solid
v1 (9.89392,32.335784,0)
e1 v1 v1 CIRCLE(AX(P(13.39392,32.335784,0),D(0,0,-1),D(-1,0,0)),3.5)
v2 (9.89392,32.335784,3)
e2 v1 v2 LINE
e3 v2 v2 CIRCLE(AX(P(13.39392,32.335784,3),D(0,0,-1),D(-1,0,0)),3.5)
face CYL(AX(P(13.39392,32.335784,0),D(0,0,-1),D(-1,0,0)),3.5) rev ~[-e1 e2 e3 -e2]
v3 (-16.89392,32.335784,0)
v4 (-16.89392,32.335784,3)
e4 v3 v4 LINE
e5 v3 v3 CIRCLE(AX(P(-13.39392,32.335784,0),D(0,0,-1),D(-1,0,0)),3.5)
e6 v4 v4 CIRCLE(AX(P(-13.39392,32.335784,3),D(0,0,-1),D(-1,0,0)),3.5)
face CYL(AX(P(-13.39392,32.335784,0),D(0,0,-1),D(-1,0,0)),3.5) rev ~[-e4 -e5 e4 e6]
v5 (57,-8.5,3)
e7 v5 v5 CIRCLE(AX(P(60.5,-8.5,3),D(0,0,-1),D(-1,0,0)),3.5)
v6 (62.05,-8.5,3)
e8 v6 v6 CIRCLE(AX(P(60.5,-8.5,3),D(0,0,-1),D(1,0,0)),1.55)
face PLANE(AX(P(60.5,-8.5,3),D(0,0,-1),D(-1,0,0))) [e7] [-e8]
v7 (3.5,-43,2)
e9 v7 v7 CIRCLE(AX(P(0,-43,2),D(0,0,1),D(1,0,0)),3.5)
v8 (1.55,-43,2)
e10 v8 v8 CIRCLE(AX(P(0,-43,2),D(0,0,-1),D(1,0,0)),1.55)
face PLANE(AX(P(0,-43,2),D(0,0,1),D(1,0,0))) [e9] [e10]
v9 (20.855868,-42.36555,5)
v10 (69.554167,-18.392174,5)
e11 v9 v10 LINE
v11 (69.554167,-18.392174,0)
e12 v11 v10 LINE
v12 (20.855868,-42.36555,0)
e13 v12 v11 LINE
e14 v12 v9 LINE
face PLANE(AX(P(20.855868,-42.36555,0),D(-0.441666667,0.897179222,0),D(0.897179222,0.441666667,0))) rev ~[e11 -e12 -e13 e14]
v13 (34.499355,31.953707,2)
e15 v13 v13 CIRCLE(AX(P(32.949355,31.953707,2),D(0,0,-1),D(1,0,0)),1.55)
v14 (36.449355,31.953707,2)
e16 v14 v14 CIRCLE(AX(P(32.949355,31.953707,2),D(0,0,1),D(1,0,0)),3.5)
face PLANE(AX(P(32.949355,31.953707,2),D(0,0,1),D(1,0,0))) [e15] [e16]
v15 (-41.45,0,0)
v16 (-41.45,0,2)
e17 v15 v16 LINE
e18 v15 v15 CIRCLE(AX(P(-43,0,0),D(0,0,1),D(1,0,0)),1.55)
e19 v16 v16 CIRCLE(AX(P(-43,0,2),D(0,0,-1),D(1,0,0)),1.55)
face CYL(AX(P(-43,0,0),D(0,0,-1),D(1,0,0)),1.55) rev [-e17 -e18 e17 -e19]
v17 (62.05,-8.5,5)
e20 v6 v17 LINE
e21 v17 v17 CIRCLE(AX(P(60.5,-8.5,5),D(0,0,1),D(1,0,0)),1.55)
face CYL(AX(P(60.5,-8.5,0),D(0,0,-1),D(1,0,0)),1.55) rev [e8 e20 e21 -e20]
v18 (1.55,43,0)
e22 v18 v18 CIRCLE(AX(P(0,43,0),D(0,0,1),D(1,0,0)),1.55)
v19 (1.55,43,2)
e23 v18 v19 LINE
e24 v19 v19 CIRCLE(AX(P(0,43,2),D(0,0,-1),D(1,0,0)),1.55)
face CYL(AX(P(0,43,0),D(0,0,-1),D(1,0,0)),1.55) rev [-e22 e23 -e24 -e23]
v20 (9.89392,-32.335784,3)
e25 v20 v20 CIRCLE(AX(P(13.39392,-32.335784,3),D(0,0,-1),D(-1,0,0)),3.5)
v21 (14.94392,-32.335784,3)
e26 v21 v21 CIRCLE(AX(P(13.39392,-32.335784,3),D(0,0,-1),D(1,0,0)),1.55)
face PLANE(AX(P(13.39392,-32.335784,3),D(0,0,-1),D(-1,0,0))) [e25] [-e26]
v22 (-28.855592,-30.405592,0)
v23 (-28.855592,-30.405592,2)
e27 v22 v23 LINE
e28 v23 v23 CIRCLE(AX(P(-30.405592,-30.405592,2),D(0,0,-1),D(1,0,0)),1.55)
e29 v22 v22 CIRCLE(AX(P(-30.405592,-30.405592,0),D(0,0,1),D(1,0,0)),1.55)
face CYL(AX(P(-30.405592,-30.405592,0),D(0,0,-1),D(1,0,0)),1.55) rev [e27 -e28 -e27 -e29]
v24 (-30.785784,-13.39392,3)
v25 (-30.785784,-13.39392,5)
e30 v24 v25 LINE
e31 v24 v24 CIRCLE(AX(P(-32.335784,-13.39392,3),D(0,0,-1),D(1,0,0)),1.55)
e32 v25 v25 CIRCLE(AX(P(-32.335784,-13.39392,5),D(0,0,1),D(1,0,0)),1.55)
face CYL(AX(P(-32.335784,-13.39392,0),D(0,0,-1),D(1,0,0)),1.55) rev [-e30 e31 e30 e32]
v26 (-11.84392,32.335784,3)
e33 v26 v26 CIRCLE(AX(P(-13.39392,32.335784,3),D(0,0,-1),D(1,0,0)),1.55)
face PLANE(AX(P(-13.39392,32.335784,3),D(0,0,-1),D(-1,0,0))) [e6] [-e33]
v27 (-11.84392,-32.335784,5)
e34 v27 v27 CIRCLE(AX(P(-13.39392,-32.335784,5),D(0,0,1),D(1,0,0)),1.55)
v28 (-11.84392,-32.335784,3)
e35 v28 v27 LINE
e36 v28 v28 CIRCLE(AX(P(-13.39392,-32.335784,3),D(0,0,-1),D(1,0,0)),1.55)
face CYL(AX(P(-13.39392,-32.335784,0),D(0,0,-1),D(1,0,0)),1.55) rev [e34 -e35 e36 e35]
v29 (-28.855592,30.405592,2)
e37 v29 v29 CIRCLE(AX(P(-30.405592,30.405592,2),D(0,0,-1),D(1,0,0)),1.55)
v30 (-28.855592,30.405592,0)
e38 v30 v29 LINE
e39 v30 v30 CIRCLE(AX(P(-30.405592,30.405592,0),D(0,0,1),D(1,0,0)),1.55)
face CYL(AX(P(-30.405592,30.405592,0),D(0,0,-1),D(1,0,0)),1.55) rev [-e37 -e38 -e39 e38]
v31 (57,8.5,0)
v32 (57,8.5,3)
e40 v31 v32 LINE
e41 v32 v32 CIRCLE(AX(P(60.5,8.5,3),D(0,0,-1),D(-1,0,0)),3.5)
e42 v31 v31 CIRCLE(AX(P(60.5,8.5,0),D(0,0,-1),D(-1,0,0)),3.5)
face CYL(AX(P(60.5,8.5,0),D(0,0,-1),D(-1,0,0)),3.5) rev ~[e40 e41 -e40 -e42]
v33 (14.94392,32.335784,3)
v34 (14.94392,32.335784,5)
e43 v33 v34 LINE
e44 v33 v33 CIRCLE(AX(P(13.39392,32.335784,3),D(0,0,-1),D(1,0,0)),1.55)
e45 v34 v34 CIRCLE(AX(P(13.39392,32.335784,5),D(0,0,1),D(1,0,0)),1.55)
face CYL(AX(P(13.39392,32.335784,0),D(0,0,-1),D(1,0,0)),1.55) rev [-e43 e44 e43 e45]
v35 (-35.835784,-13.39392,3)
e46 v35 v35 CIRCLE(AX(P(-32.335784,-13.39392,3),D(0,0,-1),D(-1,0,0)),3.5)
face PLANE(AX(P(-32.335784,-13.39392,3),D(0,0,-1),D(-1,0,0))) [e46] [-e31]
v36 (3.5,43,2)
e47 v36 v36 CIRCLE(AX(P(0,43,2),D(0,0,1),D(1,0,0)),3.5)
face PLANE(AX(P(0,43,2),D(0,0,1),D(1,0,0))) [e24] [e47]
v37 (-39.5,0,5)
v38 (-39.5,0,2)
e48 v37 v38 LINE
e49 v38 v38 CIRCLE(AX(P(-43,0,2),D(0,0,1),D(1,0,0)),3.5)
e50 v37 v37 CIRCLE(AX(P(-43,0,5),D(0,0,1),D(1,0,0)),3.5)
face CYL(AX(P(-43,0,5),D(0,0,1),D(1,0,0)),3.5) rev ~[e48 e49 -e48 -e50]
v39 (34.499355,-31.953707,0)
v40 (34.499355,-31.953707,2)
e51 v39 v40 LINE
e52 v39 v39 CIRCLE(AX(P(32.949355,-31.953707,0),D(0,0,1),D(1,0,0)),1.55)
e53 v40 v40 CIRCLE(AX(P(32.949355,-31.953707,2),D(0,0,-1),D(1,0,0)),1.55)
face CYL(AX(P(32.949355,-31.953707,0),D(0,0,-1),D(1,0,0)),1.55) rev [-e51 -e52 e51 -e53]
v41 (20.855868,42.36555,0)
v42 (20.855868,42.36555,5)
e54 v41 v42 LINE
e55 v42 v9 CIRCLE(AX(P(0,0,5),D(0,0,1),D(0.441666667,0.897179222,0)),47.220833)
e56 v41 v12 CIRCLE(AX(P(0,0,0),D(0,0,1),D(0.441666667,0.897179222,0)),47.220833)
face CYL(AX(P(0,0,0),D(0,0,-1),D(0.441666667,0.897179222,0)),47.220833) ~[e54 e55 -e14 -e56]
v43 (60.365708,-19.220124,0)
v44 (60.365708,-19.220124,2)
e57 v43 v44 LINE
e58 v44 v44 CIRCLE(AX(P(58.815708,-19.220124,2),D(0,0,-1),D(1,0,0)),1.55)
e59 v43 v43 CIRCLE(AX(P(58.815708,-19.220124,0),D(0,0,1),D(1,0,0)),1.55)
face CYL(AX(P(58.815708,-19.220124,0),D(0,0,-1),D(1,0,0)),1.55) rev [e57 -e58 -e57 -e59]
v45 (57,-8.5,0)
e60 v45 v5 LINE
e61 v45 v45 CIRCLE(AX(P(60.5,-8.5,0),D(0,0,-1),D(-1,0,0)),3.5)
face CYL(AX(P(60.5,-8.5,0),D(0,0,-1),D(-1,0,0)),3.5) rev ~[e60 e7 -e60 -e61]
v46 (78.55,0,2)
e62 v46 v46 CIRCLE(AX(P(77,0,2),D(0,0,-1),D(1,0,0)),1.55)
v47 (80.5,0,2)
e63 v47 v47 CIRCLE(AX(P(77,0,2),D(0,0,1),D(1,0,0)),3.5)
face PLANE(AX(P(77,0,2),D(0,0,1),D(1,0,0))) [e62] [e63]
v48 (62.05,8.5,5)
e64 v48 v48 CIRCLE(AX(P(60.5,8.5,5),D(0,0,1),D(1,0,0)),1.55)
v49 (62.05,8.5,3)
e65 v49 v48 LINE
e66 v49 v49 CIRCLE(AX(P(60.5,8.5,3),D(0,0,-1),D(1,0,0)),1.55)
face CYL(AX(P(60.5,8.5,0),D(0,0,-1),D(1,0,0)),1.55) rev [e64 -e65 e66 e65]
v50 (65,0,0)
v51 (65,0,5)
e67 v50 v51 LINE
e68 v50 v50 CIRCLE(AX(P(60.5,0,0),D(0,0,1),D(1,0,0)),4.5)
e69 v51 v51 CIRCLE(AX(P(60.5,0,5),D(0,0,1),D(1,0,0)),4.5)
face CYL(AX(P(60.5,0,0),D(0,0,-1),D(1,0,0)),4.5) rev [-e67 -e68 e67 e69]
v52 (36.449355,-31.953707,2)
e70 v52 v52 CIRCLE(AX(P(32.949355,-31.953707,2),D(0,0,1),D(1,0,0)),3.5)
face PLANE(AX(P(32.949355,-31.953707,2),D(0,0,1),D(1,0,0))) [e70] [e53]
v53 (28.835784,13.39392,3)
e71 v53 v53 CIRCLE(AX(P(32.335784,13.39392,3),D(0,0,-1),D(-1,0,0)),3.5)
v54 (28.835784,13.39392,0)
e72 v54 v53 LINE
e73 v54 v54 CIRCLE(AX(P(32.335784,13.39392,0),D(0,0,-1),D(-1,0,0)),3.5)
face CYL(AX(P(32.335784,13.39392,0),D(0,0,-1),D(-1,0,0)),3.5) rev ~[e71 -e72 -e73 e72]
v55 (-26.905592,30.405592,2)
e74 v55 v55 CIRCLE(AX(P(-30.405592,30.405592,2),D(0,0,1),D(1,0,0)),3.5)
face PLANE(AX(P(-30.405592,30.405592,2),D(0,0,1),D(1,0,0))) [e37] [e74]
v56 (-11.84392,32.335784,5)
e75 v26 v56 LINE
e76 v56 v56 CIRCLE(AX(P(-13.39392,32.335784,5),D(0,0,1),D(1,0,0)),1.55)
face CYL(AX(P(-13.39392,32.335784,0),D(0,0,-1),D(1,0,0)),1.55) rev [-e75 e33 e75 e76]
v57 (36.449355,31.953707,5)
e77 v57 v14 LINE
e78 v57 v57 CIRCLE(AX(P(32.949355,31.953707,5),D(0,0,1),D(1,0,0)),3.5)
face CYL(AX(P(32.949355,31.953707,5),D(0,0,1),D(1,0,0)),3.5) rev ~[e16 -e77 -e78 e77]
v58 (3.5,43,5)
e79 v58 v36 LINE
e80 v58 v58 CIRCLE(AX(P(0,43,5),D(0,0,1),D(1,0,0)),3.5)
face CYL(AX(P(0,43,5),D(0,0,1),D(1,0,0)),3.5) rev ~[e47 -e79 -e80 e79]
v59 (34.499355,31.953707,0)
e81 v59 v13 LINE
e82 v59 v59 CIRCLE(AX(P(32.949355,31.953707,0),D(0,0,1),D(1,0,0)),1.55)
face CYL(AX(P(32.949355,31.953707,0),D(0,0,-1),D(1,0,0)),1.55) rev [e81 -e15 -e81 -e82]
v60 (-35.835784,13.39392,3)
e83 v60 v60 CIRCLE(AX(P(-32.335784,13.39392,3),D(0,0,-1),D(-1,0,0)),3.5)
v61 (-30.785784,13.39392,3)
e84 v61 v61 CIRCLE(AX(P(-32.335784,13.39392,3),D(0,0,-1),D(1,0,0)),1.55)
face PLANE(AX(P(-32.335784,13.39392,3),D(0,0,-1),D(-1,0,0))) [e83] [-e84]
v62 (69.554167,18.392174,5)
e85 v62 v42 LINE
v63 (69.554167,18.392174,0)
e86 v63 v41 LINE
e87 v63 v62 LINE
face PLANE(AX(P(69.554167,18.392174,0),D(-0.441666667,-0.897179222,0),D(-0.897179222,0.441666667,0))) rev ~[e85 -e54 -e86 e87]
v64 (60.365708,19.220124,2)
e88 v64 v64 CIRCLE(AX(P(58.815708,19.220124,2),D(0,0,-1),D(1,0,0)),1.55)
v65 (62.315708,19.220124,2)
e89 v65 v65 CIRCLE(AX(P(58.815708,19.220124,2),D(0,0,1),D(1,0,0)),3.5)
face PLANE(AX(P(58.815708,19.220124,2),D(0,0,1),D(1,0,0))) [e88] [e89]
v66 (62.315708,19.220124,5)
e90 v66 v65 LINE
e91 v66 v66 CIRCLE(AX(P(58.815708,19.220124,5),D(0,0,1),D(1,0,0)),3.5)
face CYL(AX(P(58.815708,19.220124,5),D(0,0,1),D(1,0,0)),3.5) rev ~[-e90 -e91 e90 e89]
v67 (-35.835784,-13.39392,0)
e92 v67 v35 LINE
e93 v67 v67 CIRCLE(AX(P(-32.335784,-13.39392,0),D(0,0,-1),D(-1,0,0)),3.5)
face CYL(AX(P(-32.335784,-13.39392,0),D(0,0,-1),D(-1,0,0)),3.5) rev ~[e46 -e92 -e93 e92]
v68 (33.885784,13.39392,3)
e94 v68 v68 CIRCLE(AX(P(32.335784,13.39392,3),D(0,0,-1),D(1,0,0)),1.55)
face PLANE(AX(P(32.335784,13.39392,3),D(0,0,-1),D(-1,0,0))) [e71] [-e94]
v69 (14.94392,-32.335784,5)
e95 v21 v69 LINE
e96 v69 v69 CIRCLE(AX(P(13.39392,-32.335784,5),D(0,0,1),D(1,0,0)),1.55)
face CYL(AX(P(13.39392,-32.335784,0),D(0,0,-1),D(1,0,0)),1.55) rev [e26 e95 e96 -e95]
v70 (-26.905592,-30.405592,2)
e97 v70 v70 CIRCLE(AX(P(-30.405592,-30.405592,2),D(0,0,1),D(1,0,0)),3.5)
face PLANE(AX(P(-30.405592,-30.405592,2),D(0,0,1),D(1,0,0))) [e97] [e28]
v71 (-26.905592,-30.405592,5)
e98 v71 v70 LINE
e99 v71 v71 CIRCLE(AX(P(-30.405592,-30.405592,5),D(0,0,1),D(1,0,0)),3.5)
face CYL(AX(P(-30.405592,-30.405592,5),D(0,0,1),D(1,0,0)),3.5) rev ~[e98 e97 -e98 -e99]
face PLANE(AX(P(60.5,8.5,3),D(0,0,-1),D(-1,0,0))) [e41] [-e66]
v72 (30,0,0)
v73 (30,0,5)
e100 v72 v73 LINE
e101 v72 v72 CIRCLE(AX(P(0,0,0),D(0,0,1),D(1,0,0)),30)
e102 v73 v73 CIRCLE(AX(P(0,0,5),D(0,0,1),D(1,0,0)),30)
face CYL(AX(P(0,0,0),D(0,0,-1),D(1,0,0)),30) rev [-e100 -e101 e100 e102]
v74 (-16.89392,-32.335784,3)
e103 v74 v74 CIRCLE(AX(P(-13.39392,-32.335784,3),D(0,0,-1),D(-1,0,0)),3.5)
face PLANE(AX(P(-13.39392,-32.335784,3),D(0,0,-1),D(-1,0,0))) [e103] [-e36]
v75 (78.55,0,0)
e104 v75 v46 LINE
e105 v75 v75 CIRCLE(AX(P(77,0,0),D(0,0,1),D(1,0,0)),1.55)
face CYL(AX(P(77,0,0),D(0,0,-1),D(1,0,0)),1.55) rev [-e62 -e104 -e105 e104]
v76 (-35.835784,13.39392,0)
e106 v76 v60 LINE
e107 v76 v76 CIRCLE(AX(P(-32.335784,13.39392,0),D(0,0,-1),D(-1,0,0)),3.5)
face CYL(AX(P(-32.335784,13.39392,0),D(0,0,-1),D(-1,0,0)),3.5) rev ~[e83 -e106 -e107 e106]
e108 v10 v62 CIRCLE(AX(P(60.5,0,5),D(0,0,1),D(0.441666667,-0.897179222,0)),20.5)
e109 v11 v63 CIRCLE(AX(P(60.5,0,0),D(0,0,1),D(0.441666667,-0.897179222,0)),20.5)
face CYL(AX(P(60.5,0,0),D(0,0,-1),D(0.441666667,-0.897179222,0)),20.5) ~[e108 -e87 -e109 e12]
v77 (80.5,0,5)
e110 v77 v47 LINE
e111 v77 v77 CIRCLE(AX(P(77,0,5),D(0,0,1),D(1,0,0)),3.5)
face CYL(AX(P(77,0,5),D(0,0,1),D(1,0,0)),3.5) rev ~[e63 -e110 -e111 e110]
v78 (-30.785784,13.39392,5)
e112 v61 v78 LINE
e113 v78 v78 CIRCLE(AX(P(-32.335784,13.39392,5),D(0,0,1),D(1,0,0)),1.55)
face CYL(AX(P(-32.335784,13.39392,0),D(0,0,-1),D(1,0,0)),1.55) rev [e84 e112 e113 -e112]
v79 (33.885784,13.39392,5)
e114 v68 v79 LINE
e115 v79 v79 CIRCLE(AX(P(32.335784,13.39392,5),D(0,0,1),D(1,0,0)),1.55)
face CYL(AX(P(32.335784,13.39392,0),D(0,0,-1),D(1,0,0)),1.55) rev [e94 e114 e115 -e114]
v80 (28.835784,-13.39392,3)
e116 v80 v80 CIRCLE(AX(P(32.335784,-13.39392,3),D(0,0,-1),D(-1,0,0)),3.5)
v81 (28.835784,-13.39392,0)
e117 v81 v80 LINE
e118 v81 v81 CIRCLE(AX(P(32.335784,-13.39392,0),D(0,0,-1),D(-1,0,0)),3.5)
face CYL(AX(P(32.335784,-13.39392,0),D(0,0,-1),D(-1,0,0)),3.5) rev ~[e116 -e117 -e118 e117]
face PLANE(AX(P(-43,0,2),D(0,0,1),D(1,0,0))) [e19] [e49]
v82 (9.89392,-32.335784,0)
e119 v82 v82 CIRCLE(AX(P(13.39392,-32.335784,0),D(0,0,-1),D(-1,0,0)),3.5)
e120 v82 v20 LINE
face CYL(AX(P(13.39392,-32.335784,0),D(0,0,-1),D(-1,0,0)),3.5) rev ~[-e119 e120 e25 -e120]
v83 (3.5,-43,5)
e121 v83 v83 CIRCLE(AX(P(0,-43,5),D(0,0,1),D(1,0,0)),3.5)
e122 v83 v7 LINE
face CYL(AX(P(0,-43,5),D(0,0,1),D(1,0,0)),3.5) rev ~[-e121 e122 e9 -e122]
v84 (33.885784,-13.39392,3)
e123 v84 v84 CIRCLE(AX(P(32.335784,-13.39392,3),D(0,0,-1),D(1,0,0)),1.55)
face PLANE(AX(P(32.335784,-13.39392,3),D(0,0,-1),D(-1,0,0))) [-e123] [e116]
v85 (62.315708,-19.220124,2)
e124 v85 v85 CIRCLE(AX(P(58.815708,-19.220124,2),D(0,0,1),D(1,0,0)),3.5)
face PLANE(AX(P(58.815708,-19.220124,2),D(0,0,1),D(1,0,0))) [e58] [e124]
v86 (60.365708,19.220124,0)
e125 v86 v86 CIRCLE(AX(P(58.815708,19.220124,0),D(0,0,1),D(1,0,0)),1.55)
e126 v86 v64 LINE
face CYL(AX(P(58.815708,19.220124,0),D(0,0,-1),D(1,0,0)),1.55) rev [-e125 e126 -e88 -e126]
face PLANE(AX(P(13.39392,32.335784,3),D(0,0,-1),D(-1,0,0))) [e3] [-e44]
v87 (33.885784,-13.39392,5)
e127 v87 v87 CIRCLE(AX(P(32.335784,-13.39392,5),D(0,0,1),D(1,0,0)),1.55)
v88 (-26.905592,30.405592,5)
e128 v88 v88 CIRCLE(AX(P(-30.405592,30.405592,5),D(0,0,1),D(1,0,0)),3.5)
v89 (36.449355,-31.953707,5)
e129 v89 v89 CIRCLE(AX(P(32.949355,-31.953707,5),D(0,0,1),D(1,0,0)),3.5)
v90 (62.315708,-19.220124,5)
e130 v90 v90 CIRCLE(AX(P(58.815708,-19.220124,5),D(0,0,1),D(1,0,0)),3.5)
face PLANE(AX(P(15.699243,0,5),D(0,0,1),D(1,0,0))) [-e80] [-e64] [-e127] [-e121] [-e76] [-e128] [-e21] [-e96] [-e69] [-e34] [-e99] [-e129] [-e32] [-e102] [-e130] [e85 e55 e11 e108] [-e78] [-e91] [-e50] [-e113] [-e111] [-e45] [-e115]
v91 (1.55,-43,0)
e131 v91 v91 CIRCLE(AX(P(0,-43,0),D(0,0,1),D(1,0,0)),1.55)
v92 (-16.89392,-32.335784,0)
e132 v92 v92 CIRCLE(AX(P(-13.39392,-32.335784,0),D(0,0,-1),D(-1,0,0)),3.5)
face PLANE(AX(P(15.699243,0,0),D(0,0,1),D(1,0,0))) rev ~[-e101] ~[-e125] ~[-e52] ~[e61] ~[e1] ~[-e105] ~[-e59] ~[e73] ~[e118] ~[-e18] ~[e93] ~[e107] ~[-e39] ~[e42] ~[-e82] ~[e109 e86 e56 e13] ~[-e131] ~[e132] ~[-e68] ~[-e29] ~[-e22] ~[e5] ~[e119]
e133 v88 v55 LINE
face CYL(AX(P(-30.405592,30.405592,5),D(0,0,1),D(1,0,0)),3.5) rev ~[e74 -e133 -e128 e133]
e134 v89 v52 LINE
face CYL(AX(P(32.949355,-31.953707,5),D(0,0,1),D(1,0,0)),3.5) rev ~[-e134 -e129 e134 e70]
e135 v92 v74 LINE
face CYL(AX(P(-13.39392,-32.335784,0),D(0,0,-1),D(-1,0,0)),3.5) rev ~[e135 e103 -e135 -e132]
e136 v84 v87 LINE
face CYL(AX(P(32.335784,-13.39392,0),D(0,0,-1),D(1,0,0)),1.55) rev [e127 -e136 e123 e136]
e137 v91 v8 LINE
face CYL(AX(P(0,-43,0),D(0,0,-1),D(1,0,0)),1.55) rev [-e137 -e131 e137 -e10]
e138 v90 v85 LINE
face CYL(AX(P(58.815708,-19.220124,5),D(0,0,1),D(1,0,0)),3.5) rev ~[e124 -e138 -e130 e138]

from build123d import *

# Parameters (mm, degrees)
SKETCH1_R           = 1.55
SKETCH1_R_2         = 4.5
SKETCH1_R_3         = 30
BOSS_EXTRUDE2_DEPTH = 5
SKETCH2_R           = 3.5
CUT_EXTRUDE1_DEPTH  = 3
SKETCH3_R           = 3.5
CUT_EXTRUDE2_DEPTH  = 3


with BuildPart() as part:
    # Sketch1 → Boss-Extrude2 (new body)
    with BuildSketch(Plane.XY):
        with BuildLine():
            Line((69.554166667, 18.392174041), (20.855868056, 42.36555049))
            ThreePointArc((20.855868056, 42.36555049), (-47.220833333, 0), (20.855868056, -42.36555049))
            Line((20.855868056, -42.36555049), (69.554166667, -18.392174041))
            ThreePointArc((69.554166667, -18.392174041), (81, 0), (69.554166667, 18.392174041))
        make_face()
        with Locations((60.5, 8.5)):
            Circle(SKETCH1_R, mode=Mode.SUBTRACT)
        with Locations((60.5, -8.5)):
            Circle(SKETCH1_R, mode=Mode.SUBTRACT)
        with Locations((60.5, 0)):
            Circle(SKETCH1_R_2, mode=Mode.SUBTRACT)
        Circle(SKETCH1_R_3, mode=Mode.SUBTRACT)
        with Locations((0, 43)):
            Circle(SKETCH1_R, mode=Mode.SUBTRACT)
        with Locations((-30.405591591, 30.405591591)):
            Circle(SKETCH1_R, mode=Mode.SUBTRACT)
        with Locations((-43, 0)):
            Circle(SKETCH1_R, mode=Mode.SUBTRACT)
        with Locations((-30.405591591, -30.405591591)):
            Circle(SKETCH1_R, mode=Mode.SUBTRACT)
        with Locations((0, -43)):
            Circle(SKETCH1_R, mode=Mode.SUBTRACT)
        with Locations((32.335783638, 13.393920133)):
            Circle(SKETCH1_R, mode=Mode.SUBTRACT)
        with Locations((32.335783638, -13.393920133)):
            Circle(SKETCH1_R, mode=Mode.SUBTRACT)
        with Locations((13.393920133, -32.335783638)):
            Circle(SKETCH1_R, mode=Mode.SUBTRACT)
        with Locations((-13.393920133, -32.335783638)):
            Circle(SKETCH1_R, mode=Mode.SUBTRACT)
        with Locations((-32.335783638, -13.393920133)):
            Circle(SKETCH1_R, mode=Mode.SUBTRACT)
        with Locations((-32.335783638, 13.393920133)):
            Circle(SKETCH1_R, mode=Mode.SUBTRACT)
        with Locations((-13.393920133, 32.335783638)):
            Circle(SKETCH1_R, mode=Mode.SUBTRACT)
        with Locations((13.393920133, 32.335783638)):
            Circle(SKETCH1_R, mode=Mode.SUBTRACT)
        with Locations((32.94935499, 31.953706526)):
            Circle(SKETCH1_R, mode=Mode.SUBTRACT)
        with Locations((58.815707785, 19.220123822)):
            Circle(SKETCH1_R, mode=Mode.SUBTRACT)
        with Locations((32.94935499, -31.953706526)):
            Circle(SKETCH1_R, mode=Mode.SUBTRACT)
        with Locations((58.815707785, -19.220123822)):
            Circle(SKETCH1_R, mode=Mode.SUBTRACT)
        with Locations((77, 0)):
            Circle(SKETCH1_R, mode=Mode.SUBTRACT)
    extrude(amount=BOSS_EXTRUDE2_DEPTH)

    # Sketch2 → Cut-Extrude1 (cut)
    with BuildSketch(Plane(origin=(0, 0, 0), x_dir=(-1, 0, 0), z_dir=(0, 0, -1))):
        with Locations((-60.5, 8.5)):
            Circle(SKETCH2_R)
        with Locations((-60.5, -8.5)):
            Circle(SKETCH2_R)
        with Locations((-13.393920133, 32.335783638)):
            Circle(SKETCH2_R)
        with Locations((13.393920133, 32.335783638)):
            Circle(SKETCH2_R)
        with Locations((32.335783638, 13.393920133)):
            Circle(SKETCH2_R)
        with Locations((32.335783638, -13.393920133)):
            Circle(SKETCH2_R)
        with Locations((13.393920133, -32.335783638)):
            Circle(SKETCH2_R)
        with Locations((-13.393920133, -32.335783638)):
            Circle(SKETCH2_R)
        with Locations((-32.335783638, -13.393920133)):
            Circle(SKETCH2_R)
        with Locations((-32.335783638, 13.393920133)):
            Circle(SKETCH2_R)
    extrude(amount=-CUT_EXTRUDE1_DEPTH, mode=Mode.SUBTRACT)

    # Sketch3 → Cut-Extrude2 (cut)
    with BuildSketch(Plane.XY.offset(5)):
        with Locations((0, 43)):
            Circle(SKETCH3_R)
        with Locations((-30.405591591, 30.405591591)):
            Circle(SKETCH3_R)
        with Locations((-43, 0)):
            Circle(SKETCH3_R)
        with Locations((-30.405591591, -30.405591591)):
            Circle(SKETCH3_R)
        with Locations((0, -43)):
            Circle(SKETCH3_R)
        with Locations((32.94935499, 31.953706526)):
            Circle(SKETCH3_R)
        with Locations((58.815707785, 19.220123822)):
            Circle(SKETCH3_R)
        with Locations((32.94935499, -31.953706526)):
            Circle(SKETCH3_R)
        with Locations((58.815707785, -19.220123822)):
            Circle(SKETCH3_R)
        with Locations((77, 0)):
            Circle(SKETCH3_R)
    extrude(amount=-CUT_EXTRUDE2_DEPTH, mode=Mode.SUBTRACT)


solid = part.part
